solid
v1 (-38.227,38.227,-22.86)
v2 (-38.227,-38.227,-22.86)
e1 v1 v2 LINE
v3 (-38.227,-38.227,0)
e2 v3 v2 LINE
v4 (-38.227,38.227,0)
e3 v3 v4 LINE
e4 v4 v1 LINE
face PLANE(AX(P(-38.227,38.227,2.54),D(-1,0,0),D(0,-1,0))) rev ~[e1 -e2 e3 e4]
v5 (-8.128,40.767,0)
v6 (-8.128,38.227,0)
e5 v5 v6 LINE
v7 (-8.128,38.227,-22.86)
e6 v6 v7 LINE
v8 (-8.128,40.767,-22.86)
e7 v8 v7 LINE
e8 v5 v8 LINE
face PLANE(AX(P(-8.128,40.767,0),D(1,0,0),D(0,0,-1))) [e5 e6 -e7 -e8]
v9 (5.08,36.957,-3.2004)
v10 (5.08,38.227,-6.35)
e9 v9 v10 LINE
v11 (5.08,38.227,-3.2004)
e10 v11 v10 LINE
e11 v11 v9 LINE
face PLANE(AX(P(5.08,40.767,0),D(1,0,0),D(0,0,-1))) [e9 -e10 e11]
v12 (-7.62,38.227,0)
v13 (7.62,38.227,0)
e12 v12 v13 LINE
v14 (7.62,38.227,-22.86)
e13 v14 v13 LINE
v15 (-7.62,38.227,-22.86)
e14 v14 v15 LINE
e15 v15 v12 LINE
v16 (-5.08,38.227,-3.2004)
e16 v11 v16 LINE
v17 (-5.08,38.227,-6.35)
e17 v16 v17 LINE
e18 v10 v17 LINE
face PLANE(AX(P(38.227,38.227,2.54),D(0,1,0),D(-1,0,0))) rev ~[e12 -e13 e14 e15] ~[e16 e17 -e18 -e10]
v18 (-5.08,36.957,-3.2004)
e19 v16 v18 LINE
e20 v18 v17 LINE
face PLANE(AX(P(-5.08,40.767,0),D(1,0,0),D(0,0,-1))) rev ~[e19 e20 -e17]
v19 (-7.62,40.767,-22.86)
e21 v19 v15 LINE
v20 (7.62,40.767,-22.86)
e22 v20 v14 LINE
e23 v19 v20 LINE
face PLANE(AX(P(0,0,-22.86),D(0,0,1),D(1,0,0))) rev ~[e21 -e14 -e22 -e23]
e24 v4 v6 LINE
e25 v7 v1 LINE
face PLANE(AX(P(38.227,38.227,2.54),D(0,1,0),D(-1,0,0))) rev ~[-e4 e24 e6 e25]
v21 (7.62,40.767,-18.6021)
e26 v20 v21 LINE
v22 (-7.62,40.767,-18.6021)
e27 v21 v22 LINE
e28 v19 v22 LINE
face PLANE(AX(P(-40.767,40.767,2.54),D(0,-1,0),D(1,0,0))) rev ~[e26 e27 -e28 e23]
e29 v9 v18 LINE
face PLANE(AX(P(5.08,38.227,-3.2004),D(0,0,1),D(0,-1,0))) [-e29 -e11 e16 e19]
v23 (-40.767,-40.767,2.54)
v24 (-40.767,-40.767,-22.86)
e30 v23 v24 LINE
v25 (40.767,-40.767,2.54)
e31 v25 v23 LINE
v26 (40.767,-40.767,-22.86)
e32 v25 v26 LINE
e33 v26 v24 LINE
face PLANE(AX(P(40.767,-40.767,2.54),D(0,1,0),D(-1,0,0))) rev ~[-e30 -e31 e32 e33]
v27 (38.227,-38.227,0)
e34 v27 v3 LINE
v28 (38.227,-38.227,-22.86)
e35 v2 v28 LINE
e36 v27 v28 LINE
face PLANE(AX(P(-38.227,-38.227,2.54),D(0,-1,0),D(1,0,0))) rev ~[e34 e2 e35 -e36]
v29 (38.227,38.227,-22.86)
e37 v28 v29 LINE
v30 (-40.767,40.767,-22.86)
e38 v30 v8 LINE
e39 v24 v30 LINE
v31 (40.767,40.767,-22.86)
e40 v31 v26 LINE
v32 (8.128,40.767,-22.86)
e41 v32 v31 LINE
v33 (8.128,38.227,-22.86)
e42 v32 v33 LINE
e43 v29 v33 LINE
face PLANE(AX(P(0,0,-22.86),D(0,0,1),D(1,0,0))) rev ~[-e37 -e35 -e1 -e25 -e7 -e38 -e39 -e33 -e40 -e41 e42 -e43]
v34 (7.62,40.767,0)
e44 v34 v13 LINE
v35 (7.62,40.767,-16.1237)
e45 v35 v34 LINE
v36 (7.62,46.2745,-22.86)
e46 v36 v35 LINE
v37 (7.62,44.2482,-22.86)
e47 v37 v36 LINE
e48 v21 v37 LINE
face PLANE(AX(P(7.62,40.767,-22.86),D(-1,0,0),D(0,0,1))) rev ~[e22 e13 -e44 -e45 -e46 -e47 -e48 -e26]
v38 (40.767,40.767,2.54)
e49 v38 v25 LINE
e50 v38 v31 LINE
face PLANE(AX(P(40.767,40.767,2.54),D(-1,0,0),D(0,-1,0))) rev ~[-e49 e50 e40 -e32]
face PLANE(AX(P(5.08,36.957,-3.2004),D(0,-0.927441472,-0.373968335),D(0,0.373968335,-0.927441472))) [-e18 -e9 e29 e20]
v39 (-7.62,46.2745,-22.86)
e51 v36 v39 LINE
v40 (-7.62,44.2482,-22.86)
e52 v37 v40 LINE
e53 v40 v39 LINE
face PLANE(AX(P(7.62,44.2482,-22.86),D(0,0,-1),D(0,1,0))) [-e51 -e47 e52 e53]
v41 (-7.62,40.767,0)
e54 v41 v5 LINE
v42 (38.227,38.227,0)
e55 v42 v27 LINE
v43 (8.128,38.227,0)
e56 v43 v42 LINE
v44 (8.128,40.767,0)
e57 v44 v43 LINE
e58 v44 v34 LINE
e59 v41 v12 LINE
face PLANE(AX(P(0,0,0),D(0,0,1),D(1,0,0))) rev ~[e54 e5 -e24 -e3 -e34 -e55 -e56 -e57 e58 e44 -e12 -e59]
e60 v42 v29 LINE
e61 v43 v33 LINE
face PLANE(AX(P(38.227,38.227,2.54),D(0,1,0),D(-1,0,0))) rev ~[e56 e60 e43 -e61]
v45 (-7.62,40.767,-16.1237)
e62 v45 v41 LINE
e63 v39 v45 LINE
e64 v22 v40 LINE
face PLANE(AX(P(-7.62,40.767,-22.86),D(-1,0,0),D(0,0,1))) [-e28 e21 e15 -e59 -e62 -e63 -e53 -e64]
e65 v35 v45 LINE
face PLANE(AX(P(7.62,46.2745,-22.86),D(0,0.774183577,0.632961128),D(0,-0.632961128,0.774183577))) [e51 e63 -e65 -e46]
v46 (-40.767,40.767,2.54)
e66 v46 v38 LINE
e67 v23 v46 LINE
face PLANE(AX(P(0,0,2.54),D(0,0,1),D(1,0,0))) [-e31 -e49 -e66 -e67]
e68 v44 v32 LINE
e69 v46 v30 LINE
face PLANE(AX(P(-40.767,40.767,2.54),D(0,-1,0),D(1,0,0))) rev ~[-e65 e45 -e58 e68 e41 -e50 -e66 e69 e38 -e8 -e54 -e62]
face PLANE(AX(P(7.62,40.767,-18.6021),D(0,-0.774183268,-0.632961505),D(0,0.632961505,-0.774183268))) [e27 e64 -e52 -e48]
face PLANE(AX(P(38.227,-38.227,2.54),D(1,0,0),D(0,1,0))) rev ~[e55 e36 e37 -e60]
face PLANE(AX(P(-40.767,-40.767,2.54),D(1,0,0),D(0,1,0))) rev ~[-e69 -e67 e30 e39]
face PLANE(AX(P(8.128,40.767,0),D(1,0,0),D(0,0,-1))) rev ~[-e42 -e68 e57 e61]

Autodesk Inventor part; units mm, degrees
ref_plane "YZ Plane" through (0, 0, 0) normal (1, 0, 0) x (0, 1, 0)
ref_plane "XZ Plane" through (0, 0, 0) normal (0, 1, 0) x (-1, 0, 0)
sketch "Sketch1" plane through (0, 0, 0) normal (0, 0, 1) x (1, 0, 0)
  line L0 (-38.227, 38.227) -> (38.227, 38.227)
  line L1 (38.227, 38.227) -> (38.227, -38.227)
  line L2 (38.227, -38.227) -> (-38.227, -38.227)
  line L3 (-38.227, -38.227) -> (-38.227, 38.227)
  point P0 (0, 0)
  dimension "d0" = 76.454
  dimension "d1" = 76.454
  dimension "d2" = 38.227
  dimension "d3" = 38.227
extrude "Extrusion1" add sketch "Sketch1" along normal blind 2.54
sketch "Sketch2" plane through (0, 0, 2.54) normal (0, 0, 1) x (1, 0, 0)
  line L0 (-38.227, -38.227) -> (38.227, -38.227) projected
  line L1 (38.227, -38.227) -> (38.227, 38.227) projected
  line L2 (38.227, 38.227) -> (-38.227, 38.227) projected
  line L3 (-38.227, 38.227) -> (-38.227, -38.227) projected
  line L4 (-40.767, 40.767) -> (40.767, 40.767)
  line L5 (40.767, 40.767) -> (40.767, -40.767)
  line L6 (40.767, -40.767) -> (-40.767, -40.767)
  line L7 (-40.767, -40.767) -> (-40.767, 40.767)
  point P0 (0, 0)
  dimension "d6" = 2.54
extrude "Extrusion2" add sketch "Sketch2" against normal blind 25.4
sketch "Sketch3" plane through (-40.767, 40.767, 2.54) normal (0, 1, 0) x (1, 0, 0)
  line L0 (81.534, 0) -> (0, 0) projected
  line L1 (81.534, 0) -> (81.534, 25.4) projected
  line L2 (0, 25.4) -> (81.534, 25.4) projected
  line L3 (0, 0) -> (0, 25.4) projected
  line L4 (78.994, 2.54) -> (2.54, 2.54) projected
  line L5 (2.54, 2.54) -> (2.54, 25.4) projected
  line L6 (78.994, 2.54) -> (78.994, 25.4) projected
  line L7 (33.147, 2.54) -> (32.639, 2.54)
  line L8 (32.639, 2.54) -> (32.639, 25.4)
  line L9 (32.639, 25.4) -> (33.147, 25.4)
  line L10 (33.147, 25.4) -> (33.147, 2.54)
  line L11 (78.994, 25.4) -> (2.54, 25.4) projected
  line L12 (48.387, 2.54) -> (48.895, 2.54)
  line L13 (48.895, 2.54) -> (48.895, 25.4)
  line L14 (48.895, 25.4) -> (48.387, 25.4)
  line L15 (48.387, 25.4) -> (48.387, 2.54)
  point P0 (40.767, 2.54)
  point P1 (40.767, 2.54)
  dimension "d9" = 15.24
  dimension "d10" = 7.62
  dimension "d11" = 0.508
  dimension "d12" = 0.508
extrude "Extrusion3" cut sketch "Sketch3" against normal blind 25.4 contours L13 L4 L15 L2 | L2 L10 L4 L8
ref_plane "Work Plane1" through (5.08, 40.767, 0) normal (1, 0, 0) x (0, 0, -1)
sketch "Sketch6" plane through (5.08, 40.767, 0) normal (1, 0, 0) x (0, 0, -1)
  line L0 (0, -2.54) -> (22.86, -2.54) projected
  line L1 (0, 0) -> (0, -2.54) projected
  line L2 (22.86, 0) -> (0, 0) projected
  line L3 (22.86, -2.54) -> (22.86, 0) projected
  line L4 (-2.54, 0) -> (-2.54, -81.534) projected
  line L5 (-2.54, 0) -> (22.86, 0) projected
  line L6 (22.86, -81.534) -> (22.86, 0) projected
  line L7 (-2.54, -81.534) -> (22.86, -81.534) projected
  line L8 (0, -2.54) -> (0, -78.994) projected
  line L9 (0, -78.994) -> (22.86, -78.994) projected
  line L10 (22.86, -2.54) -> (22.86, -78.994) projected
  line L11 (0, -2.54) -> (22.86, -2.54) projected
  line L12 (3.2004, -2.54) -> (3.2004, -3.81)
  line L13 (3.2004, -3.81) -> (6.35, -2.54)
  point P0 (0, -40.767)
  point P1 (6.35, -2.54)
  point P2 (3.2004, -2.54)
  dimension "d20" = 3.2004
  dimension "d21" = 3.1496
  dimension "d22" = 1.27
extrude "Extrusion4" add sketch "Sketch6" against normal blind 10.16 contours L0 L13 L12
sketch "Sketch7" plane through (7.62, 40.767, 0) normal (1, 0, 0) x (0, 0, -1)
  line L0 (0, -2.54) -> (22.86, -2.54) projected
  line L1 (0, 0) -> (0, -2.54) projected
  line L2 (22.86, 0) -> (0, 0) projected
  line L3 (22.86, -2.54) -> (22.86, 0) projected
  line L4 (22.86, 5.5075) -> (16.1237, 0)
  line L5 (-2.54, 0) -> (22.86, 0) projected
  line L6 (18.6021, 0) -> (22.86, 3.4812)
  line L7 (22.86, 3.4812) -> (22.86, 5.5075)
  point P0 (0, -40.767)
extrude "Extrusion5" add sketch "Sketch7" against normal blind 15.24 contours L4 L7 L6 L2
equation "\"d2\" = 0.5 * d1"
equation "\"d3\" = 0.5 * d0"
equation "\"d10\" = 0.5 * d9"
equation "\"d12\" = d11"
properties part number "Part_6_lid"
